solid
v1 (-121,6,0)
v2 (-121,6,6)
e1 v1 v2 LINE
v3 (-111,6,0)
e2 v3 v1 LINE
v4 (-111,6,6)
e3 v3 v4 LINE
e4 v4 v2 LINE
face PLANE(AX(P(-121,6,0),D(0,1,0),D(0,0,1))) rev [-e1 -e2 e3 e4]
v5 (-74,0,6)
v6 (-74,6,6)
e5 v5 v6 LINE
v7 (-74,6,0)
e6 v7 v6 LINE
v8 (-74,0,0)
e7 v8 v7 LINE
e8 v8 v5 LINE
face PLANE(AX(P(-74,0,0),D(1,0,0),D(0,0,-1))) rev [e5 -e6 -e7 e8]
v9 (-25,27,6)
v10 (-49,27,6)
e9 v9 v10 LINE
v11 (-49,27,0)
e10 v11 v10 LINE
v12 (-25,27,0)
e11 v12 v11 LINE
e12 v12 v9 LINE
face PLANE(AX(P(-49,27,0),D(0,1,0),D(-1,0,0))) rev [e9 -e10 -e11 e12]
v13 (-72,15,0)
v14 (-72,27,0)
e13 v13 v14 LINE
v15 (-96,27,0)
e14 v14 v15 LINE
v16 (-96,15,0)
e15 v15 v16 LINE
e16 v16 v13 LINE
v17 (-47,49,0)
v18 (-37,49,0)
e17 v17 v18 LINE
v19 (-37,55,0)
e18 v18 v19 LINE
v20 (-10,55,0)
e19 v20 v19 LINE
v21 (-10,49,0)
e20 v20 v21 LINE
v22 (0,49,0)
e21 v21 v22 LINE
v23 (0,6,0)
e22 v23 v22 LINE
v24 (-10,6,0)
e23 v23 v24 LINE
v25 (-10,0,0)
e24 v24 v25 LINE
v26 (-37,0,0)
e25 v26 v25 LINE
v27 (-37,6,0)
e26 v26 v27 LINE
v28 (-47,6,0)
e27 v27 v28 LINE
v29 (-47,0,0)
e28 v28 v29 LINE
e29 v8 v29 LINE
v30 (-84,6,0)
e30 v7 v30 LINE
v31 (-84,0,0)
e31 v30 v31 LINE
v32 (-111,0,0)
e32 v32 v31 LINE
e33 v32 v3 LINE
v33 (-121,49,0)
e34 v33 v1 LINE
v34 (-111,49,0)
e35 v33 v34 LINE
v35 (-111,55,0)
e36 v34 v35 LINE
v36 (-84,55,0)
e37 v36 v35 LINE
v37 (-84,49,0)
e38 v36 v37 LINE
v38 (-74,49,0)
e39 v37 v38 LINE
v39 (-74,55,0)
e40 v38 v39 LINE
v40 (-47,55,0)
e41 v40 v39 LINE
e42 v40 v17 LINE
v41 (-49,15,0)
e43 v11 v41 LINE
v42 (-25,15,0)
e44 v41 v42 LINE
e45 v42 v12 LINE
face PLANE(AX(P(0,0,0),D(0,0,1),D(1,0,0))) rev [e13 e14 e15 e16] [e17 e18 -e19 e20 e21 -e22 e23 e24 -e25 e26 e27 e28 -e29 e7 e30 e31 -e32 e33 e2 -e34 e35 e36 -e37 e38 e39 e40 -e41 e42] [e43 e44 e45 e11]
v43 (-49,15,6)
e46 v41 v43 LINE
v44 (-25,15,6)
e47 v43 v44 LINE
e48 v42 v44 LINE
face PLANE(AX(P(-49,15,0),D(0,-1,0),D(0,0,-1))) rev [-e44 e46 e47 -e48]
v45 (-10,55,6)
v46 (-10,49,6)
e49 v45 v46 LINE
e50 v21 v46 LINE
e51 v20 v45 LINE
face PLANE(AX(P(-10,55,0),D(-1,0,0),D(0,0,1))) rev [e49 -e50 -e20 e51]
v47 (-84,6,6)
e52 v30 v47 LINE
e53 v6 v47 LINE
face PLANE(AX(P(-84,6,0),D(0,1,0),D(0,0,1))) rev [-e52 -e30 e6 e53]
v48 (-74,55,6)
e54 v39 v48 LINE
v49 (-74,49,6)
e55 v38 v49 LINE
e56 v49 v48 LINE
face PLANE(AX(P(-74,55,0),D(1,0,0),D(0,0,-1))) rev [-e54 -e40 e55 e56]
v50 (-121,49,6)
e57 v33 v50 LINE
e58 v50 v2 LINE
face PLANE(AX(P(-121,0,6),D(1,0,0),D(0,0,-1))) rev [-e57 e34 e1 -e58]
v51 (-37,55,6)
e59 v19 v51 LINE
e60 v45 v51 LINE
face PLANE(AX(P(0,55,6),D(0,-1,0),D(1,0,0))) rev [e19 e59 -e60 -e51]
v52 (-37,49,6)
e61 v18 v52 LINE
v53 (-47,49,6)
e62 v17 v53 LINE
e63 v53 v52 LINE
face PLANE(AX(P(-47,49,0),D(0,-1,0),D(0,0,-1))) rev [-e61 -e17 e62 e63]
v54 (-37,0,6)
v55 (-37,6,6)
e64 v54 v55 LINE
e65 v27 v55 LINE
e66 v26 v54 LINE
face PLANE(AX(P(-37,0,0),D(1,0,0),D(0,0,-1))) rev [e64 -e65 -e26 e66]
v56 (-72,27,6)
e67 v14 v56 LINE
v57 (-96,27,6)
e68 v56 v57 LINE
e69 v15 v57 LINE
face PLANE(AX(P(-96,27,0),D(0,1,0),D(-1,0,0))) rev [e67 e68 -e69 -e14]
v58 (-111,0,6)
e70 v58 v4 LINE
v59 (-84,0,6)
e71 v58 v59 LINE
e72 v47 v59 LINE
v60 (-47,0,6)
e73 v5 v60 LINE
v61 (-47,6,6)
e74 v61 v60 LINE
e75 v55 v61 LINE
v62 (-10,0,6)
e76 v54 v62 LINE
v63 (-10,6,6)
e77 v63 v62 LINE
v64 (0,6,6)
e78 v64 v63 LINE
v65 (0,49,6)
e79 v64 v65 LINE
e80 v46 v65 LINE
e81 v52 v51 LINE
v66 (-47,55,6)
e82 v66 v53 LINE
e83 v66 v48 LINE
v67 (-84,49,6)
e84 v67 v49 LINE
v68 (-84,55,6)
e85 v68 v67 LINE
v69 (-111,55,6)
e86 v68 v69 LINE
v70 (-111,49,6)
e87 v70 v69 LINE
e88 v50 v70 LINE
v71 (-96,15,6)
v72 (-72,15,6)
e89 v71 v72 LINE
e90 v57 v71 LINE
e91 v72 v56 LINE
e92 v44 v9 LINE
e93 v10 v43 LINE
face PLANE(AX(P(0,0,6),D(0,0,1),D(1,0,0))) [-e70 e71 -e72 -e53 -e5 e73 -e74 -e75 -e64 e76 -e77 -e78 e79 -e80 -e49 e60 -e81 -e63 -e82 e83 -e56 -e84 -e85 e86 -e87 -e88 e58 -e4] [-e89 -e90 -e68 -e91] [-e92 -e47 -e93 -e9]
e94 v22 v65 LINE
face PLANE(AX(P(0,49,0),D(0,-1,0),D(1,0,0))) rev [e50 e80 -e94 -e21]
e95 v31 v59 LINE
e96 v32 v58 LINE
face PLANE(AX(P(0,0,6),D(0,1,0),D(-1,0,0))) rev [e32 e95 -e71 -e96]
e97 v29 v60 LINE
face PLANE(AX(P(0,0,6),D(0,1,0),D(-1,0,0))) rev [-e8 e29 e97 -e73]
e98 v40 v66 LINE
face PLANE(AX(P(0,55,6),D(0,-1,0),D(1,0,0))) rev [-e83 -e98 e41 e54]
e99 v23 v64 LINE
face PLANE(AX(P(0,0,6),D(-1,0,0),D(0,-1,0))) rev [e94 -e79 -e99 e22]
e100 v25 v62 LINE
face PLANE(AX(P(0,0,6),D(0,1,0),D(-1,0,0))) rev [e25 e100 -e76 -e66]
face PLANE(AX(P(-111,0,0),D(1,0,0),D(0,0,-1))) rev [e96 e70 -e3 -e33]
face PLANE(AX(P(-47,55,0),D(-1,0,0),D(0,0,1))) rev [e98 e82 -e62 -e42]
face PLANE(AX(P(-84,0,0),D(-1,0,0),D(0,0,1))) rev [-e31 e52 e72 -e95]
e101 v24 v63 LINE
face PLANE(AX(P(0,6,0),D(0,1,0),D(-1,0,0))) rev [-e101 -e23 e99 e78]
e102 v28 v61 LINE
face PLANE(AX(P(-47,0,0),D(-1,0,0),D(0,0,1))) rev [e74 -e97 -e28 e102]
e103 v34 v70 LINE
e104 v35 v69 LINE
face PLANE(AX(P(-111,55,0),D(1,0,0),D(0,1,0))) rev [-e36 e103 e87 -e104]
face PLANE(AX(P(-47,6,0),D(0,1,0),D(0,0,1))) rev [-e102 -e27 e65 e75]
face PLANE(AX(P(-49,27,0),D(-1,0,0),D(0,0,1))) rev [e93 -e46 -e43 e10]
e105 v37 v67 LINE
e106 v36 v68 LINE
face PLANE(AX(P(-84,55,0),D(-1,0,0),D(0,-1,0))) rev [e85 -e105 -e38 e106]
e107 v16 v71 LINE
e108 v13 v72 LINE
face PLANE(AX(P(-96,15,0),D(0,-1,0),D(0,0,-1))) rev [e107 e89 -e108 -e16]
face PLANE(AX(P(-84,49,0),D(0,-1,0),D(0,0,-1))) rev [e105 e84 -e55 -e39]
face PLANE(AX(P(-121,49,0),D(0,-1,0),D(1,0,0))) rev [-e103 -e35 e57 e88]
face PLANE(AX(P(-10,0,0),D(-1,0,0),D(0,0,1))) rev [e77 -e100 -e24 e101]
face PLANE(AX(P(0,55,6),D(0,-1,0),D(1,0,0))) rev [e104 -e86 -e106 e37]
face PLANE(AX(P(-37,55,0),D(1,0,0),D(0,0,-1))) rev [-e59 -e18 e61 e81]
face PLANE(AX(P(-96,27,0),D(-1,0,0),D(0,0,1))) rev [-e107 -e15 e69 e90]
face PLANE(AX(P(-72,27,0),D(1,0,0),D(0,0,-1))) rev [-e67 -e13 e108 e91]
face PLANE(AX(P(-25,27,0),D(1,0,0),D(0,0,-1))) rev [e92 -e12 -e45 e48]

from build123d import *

# Parameters (mm, degrees)
ESQUISSE1_W             = 121
ESQUISSE1_H             = 55
BOSS_EXTRU_1_DEPTH      = 6
ESQUISSE2_W             = 10
ESQUISSE2_H             = 6
ENL_V_MAT_ENCOCHE_DEPTH = 134.048863204
ESQUISSE3_W             = 24
ESQUISSE3_H             = 12
ENL_V_MAT_EXTRU_2_DEPTH = 6


with BuildPart() as part:
    # Esquisse1 → Boss.-Extru.1 (new body)
    with BuildSketch(Plane.XY):
        with Locations((-60.5, 27.5)):
            Rectangle(ESQUISSE1_W, ESQUISSE1_H)
    extrude(amount=BOSS_EXTRU_1_DEPTH)

    # Esquisse2 → Enlèv. mat encoche (cut, through all)
    with BuildSketch(Plane.XY.offset(6)):
        with Locations((-116, 52)):
            Rectangle(ESQUISSE2_W, ESQUISSE2_H)
        with Locations((-79, 52)):
            Rectangle(ESQUISSE2_W, ESQUISSE2_H)
        with Locations((-42, 52)):
            Rectangle(ESQUISSE2_W, ESQUISSE2_H)
        with Locations((-5, 52)):
            Rectangle(ESQUISSE2_W, ESQUISSE2_H)
        with Locations((-116, 3)):
            Rectangle(ESQUISSE2_W, ESQUISSE2_H)
        with Locations((-79, 3)):
            Rectangle(ESQUISSE2_W, ESQUISSE2_H)
        with Locations((-42, 3)):
            Rectangle(ESQUISSE2_W, ESQUISSE2_H)
        with Locations((-5, 3)):
            Rectangle(ESQUISSE2_W, ESQUISSE2_H)
    extrude(amount=-ENL_V_MAT_ENCOCHE_DEPTH, mode=Mode.SUBTRACT)

    # Esquisse3 → Enlèv. mat.-Extru.2 (cut)
    with BuildSketch(Plane.XY.offset(6)):
        with Locations((-84, 21)):
            Rectangle(ESQUISSE3_W, ESQUISSE3_H)
        with Locations((-37, 21)):
            Rectangle(ESQUISSE3_W, ESQUISSE3_H)
    extrude(amount=-ENL_V_MAT_EXTRU_2_DEPTH, mode=Mode.SUBTRACT)


solid = part.part
